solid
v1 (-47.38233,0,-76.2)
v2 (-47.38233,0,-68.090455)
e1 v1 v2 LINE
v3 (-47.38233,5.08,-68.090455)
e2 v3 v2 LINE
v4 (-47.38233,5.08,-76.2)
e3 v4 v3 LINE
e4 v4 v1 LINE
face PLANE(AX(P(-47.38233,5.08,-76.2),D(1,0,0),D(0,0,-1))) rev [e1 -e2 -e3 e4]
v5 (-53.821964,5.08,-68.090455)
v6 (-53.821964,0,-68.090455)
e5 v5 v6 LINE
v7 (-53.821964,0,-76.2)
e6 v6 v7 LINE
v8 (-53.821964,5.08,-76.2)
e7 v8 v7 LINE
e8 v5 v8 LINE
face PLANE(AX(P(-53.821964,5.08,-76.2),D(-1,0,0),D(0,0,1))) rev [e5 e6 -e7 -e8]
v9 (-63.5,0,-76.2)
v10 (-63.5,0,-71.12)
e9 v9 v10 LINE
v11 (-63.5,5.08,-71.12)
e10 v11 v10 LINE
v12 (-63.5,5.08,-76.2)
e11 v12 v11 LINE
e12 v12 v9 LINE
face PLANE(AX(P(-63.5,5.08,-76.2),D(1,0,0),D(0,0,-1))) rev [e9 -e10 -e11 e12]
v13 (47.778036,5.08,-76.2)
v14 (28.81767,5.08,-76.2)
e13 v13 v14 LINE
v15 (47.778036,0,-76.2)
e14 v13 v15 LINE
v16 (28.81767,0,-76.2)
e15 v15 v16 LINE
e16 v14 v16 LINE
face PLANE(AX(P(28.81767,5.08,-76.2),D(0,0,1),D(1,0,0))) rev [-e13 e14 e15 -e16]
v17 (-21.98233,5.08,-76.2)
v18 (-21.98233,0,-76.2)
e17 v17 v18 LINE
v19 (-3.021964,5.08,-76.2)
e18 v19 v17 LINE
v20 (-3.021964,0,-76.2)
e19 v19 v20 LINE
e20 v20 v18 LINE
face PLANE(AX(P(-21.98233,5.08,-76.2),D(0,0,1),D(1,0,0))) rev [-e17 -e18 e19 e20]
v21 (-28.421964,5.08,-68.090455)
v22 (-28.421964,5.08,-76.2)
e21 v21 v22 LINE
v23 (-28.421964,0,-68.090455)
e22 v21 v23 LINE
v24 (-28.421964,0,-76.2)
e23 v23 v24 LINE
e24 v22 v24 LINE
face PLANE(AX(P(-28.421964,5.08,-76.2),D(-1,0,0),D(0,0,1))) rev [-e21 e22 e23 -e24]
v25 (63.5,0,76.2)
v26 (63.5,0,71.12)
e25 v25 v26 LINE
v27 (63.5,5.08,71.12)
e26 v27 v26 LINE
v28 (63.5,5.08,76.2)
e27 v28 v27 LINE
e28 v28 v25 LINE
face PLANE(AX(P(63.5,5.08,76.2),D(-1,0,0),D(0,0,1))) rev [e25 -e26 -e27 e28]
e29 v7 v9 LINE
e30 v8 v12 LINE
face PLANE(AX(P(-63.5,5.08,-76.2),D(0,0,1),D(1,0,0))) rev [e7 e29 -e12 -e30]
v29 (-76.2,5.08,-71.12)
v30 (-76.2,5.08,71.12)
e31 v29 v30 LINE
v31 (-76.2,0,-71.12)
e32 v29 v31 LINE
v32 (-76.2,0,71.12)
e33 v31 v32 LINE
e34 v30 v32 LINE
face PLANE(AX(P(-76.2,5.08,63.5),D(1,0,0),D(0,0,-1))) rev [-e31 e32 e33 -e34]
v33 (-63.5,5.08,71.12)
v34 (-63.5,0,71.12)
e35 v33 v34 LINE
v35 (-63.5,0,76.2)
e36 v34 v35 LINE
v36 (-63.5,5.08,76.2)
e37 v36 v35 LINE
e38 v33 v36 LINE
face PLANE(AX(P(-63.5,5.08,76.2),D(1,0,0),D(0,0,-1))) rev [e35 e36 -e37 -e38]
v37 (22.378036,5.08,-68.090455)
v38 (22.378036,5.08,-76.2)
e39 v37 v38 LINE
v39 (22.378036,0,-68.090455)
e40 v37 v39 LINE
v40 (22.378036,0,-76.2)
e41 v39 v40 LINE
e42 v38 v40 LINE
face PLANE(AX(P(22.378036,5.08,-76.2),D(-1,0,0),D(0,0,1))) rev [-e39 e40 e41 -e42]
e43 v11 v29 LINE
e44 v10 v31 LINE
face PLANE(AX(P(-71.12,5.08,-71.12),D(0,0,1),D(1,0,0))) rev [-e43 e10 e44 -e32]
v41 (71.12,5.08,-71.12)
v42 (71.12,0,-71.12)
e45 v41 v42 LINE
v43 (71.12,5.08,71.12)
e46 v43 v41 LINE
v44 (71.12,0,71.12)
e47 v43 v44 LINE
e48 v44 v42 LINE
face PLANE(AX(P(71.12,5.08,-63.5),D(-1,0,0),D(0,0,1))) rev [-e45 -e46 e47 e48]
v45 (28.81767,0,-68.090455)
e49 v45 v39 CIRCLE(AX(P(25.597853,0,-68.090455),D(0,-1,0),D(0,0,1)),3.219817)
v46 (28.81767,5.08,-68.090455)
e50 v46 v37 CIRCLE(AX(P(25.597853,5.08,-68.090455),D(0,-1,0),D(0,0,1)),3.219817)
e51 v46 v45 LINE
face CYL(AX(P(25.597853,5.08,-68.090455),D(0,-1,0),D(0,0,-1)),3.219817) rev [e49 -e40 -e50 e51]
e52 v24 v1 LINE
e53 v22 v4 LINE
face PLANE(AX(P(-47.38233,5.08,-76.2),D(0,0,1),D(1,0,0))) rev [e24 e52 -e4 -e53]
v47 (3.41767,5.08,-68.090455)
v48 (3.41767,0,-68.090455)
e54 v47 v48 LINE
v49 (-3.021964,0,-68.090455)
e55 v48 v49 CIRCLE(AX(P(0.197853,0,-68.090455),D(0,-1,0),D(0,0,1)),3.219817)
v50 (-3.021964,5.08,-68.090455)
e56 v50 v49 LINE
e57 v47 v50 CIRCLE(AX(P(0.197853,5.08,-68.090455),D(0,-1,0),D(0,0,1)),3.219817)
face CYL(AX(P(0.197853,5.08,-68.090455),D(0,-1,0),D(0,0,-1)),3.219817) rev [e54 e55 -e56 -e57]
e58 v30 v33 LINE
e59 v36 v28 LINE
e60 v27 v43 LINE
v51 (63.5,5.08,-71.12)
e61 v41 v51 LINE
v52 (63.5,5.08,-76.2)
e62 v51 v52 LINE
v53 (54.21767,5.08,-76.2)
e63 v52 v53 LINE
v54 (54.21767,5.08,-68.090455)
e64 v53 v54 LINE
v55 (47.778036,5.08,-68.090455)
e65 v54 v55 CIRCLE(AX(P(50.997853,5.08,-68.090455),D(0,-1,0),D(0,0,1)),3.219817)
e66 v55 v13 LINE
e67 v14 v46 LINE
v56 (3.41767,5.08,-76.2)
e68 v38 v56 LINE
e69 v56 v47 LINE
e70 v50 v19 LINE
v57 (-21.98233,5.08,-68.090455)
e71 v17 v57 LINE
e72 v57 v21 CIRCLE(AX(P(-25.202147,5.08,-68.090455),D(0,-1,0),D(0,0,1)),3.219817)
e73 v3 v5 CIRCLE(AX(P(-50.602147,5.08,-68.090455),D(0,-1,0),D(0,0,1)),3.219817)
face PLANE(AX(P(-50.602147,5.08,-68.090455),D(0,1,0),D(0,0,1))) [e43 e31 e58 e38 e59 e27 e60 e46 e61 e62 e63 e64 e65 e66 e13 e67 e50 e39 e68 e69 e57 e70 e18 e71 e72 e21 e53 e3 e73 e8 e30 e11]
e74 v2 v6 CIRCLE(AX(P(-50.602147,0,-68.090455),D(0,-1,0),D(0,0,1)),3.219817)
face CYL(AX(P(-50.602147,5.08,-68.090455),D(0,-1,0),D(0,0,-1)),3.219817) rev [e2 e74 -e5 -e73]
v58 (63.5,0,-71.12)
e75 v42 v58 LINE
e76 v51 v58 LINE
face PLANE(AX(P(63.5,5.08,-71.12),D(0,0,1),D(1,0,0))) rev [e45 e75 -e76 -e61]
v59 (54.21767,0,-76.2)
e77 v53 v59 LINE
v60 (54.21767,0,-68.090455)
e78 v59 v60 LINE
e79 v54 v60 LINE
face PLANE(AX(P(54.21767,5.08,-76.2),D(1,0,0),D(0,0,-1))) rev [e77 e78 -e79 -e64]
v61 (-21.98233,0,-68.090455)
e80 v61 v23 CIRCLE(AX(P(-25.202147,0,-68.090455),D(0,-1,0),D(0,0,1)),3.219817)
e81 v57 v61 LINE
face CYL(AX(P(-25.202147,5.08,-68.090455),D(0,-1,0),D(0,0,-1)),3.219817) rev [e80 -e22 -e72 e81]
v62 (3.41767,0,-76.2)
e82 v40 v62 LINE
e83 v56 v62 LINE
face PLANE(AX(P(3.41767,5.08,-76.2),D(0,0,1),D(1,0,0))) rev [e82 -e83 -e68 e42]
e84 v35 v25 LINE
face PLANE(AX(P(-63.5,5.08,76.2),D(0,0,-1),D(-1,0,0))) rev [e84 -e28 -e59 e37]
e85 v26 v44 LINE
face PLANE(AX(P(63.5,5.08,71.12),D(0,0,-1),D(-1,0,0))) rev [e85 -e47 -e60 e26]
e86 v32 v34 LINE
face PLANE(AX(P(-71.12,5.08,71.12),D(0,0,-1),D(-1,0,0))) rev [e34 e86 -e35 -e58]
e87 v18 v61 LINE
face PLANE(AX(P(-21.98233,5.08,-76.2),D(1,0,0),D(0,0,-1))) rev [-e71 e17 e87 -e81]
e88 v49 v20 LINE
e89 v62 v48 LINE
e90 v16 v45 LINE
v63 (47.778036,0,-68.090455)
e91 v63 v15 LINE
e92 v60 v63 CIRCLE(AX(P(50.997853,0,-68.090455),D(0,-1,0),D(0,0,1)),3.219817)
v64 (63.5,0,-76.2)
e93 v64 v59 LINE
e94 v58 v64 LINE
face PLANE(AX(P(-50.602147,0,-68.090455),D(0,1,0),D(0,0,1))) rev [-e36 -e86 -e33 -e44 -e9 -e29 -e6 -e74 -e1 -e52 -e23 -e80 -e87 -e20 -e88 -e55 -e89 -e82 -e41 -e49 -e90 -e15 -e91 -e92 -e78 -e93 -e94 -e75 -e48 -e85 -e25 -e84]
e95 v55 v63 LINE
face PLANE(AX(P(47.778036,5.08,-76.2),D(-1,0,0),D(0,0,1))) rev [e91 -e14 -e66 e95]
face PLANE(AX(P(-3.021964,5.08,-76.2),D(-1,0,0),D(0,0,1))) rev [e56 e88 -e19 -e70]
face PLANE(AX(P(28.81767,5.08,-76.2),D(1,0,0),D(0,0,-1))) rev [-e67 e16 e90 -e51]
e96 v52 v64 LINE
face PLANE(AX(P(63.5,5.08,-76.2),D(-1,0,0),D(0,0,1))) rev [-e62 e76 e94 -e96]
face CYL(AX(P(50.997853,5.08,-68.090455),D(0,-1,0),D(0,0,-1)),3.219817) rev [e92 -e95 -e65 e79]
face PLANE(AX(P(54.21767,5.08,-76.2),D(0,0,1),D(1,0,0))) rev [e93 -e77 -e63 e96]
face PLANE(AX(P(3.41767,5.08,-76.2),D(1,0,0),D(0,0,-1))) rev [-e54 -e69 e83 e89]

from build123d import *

# Parameters (mm, degrees)
BOSS_EXTRUDE1_DEPTH = 5.08


with BuildPart() as part:
    # Sketch1 → Boss-Extrude1 (new body)
    with BuildSketch(Plane(origin=(0, 0, 0), x_dir=(1, 0, 0), z_dir=(0, 1, 0))):
        with BuildLine():
            Line((-71.12, 71.12), (-63.5, 71.12))
            Line((-63.5, 71.12), (-63.5, 76.2))
            Line((-63.5, 76.2), (-53.821964394, 76.2))
            Line((-53.821964394, 76.2), (-53.821964394, 68.090455215))
            ThreePointArc((-53.821964394, 68.090455215), (-50.602147322, 64.870638143), (-47.38233025, 68.090455215))
            Line((-47.38233025, 68.090455215), (-47.38233025, 76.2))
            Line((-47.38233025, 76.2), (-28.421964394, 76.2))
            Line((-28.421964394, 76.2), (-28.421964394, 68.090455215))
            ThreePointArc((-28.421964394, 68.090455215), (-25.202147322, 64.870638143), (-21.98233025, 68.090455215))
            Line((-21.98233025, 68.090455215), (-21.98233025, 76.2))
            Line((-21.98233025, 76.2), (-3.021964394, 76.2))
            Line((-3.021964394, 76.2), (-3.021964394, 68.090455215))
            ThreePointArc((-3.021964394, 68.090455215), (0.197852678, 64.870638143), (3.41766975, 68.090455215))
            Line((3.41766975, 68.090455215), (3.41766975, 76.2))
            Line((3.41766975, 76.2), (22.378035606, 76.2))
            Line((22.378035606, 76.2), (22.378035606, 68.090455215))
            ThreePointArc((22.378035606, 68.090455215), (25.597852678, 64.870638143), (28.81766975, 68.090455215))
            Line((28.81766975, 68.090455215), (28.81766975, 76.2))
            Line((28.81766975, 76.2), (47.778035606, 76.2))
            Line((47.778035606, 76.2), (47.778035606, 68.090455215))
            ThreePointArc((47.778035606, 68.090455215), (50.997852678, 64.870638143), (54.21766975, 68.090455215))
            Line((54.21766975, 68.090455215), (54.21766975, 76.2))
            Line((54.21766975, 76.2), (63.5, 76.2))
            Line((63.5, 76.2), (63.5, 71.12))
            Line((63.5, 71.12), (71.12, 71.12))
            Line((71.12, 71.12), (71.12, 63.5))
            Line((71.12, 63.5), (71.12, -63.5))
            Line((71.12, -63.5), (71.12, -71.12))
            Line((71.12, -71.12), (63.5, -71.12))
            Line((63.5, -71.12), (63.5, -76.2))
            Line((63.5, -76.2), (-63.5, -76.2))
            Line((-63.5, -76.2), (-63.5, -71.12))
            Line((-63.5, -71.12), (-71.12, -71.12))
            Line((-71.12, -71.12), (-76.2, -71.12))
            Line((-76.2, -71.12), (-76.2, -63.5))
            Line((-76.2, -63.5), (-76.2, 63.5))
            Line((-76.2, 63.5), (-76.2, 71.12))
            Line((-76.2, 71.12), (-71.12, 71.12))
        make_face()
    extrude(amount=BOSS_EXTRUDE1_DEPTH)


solid = part.part
